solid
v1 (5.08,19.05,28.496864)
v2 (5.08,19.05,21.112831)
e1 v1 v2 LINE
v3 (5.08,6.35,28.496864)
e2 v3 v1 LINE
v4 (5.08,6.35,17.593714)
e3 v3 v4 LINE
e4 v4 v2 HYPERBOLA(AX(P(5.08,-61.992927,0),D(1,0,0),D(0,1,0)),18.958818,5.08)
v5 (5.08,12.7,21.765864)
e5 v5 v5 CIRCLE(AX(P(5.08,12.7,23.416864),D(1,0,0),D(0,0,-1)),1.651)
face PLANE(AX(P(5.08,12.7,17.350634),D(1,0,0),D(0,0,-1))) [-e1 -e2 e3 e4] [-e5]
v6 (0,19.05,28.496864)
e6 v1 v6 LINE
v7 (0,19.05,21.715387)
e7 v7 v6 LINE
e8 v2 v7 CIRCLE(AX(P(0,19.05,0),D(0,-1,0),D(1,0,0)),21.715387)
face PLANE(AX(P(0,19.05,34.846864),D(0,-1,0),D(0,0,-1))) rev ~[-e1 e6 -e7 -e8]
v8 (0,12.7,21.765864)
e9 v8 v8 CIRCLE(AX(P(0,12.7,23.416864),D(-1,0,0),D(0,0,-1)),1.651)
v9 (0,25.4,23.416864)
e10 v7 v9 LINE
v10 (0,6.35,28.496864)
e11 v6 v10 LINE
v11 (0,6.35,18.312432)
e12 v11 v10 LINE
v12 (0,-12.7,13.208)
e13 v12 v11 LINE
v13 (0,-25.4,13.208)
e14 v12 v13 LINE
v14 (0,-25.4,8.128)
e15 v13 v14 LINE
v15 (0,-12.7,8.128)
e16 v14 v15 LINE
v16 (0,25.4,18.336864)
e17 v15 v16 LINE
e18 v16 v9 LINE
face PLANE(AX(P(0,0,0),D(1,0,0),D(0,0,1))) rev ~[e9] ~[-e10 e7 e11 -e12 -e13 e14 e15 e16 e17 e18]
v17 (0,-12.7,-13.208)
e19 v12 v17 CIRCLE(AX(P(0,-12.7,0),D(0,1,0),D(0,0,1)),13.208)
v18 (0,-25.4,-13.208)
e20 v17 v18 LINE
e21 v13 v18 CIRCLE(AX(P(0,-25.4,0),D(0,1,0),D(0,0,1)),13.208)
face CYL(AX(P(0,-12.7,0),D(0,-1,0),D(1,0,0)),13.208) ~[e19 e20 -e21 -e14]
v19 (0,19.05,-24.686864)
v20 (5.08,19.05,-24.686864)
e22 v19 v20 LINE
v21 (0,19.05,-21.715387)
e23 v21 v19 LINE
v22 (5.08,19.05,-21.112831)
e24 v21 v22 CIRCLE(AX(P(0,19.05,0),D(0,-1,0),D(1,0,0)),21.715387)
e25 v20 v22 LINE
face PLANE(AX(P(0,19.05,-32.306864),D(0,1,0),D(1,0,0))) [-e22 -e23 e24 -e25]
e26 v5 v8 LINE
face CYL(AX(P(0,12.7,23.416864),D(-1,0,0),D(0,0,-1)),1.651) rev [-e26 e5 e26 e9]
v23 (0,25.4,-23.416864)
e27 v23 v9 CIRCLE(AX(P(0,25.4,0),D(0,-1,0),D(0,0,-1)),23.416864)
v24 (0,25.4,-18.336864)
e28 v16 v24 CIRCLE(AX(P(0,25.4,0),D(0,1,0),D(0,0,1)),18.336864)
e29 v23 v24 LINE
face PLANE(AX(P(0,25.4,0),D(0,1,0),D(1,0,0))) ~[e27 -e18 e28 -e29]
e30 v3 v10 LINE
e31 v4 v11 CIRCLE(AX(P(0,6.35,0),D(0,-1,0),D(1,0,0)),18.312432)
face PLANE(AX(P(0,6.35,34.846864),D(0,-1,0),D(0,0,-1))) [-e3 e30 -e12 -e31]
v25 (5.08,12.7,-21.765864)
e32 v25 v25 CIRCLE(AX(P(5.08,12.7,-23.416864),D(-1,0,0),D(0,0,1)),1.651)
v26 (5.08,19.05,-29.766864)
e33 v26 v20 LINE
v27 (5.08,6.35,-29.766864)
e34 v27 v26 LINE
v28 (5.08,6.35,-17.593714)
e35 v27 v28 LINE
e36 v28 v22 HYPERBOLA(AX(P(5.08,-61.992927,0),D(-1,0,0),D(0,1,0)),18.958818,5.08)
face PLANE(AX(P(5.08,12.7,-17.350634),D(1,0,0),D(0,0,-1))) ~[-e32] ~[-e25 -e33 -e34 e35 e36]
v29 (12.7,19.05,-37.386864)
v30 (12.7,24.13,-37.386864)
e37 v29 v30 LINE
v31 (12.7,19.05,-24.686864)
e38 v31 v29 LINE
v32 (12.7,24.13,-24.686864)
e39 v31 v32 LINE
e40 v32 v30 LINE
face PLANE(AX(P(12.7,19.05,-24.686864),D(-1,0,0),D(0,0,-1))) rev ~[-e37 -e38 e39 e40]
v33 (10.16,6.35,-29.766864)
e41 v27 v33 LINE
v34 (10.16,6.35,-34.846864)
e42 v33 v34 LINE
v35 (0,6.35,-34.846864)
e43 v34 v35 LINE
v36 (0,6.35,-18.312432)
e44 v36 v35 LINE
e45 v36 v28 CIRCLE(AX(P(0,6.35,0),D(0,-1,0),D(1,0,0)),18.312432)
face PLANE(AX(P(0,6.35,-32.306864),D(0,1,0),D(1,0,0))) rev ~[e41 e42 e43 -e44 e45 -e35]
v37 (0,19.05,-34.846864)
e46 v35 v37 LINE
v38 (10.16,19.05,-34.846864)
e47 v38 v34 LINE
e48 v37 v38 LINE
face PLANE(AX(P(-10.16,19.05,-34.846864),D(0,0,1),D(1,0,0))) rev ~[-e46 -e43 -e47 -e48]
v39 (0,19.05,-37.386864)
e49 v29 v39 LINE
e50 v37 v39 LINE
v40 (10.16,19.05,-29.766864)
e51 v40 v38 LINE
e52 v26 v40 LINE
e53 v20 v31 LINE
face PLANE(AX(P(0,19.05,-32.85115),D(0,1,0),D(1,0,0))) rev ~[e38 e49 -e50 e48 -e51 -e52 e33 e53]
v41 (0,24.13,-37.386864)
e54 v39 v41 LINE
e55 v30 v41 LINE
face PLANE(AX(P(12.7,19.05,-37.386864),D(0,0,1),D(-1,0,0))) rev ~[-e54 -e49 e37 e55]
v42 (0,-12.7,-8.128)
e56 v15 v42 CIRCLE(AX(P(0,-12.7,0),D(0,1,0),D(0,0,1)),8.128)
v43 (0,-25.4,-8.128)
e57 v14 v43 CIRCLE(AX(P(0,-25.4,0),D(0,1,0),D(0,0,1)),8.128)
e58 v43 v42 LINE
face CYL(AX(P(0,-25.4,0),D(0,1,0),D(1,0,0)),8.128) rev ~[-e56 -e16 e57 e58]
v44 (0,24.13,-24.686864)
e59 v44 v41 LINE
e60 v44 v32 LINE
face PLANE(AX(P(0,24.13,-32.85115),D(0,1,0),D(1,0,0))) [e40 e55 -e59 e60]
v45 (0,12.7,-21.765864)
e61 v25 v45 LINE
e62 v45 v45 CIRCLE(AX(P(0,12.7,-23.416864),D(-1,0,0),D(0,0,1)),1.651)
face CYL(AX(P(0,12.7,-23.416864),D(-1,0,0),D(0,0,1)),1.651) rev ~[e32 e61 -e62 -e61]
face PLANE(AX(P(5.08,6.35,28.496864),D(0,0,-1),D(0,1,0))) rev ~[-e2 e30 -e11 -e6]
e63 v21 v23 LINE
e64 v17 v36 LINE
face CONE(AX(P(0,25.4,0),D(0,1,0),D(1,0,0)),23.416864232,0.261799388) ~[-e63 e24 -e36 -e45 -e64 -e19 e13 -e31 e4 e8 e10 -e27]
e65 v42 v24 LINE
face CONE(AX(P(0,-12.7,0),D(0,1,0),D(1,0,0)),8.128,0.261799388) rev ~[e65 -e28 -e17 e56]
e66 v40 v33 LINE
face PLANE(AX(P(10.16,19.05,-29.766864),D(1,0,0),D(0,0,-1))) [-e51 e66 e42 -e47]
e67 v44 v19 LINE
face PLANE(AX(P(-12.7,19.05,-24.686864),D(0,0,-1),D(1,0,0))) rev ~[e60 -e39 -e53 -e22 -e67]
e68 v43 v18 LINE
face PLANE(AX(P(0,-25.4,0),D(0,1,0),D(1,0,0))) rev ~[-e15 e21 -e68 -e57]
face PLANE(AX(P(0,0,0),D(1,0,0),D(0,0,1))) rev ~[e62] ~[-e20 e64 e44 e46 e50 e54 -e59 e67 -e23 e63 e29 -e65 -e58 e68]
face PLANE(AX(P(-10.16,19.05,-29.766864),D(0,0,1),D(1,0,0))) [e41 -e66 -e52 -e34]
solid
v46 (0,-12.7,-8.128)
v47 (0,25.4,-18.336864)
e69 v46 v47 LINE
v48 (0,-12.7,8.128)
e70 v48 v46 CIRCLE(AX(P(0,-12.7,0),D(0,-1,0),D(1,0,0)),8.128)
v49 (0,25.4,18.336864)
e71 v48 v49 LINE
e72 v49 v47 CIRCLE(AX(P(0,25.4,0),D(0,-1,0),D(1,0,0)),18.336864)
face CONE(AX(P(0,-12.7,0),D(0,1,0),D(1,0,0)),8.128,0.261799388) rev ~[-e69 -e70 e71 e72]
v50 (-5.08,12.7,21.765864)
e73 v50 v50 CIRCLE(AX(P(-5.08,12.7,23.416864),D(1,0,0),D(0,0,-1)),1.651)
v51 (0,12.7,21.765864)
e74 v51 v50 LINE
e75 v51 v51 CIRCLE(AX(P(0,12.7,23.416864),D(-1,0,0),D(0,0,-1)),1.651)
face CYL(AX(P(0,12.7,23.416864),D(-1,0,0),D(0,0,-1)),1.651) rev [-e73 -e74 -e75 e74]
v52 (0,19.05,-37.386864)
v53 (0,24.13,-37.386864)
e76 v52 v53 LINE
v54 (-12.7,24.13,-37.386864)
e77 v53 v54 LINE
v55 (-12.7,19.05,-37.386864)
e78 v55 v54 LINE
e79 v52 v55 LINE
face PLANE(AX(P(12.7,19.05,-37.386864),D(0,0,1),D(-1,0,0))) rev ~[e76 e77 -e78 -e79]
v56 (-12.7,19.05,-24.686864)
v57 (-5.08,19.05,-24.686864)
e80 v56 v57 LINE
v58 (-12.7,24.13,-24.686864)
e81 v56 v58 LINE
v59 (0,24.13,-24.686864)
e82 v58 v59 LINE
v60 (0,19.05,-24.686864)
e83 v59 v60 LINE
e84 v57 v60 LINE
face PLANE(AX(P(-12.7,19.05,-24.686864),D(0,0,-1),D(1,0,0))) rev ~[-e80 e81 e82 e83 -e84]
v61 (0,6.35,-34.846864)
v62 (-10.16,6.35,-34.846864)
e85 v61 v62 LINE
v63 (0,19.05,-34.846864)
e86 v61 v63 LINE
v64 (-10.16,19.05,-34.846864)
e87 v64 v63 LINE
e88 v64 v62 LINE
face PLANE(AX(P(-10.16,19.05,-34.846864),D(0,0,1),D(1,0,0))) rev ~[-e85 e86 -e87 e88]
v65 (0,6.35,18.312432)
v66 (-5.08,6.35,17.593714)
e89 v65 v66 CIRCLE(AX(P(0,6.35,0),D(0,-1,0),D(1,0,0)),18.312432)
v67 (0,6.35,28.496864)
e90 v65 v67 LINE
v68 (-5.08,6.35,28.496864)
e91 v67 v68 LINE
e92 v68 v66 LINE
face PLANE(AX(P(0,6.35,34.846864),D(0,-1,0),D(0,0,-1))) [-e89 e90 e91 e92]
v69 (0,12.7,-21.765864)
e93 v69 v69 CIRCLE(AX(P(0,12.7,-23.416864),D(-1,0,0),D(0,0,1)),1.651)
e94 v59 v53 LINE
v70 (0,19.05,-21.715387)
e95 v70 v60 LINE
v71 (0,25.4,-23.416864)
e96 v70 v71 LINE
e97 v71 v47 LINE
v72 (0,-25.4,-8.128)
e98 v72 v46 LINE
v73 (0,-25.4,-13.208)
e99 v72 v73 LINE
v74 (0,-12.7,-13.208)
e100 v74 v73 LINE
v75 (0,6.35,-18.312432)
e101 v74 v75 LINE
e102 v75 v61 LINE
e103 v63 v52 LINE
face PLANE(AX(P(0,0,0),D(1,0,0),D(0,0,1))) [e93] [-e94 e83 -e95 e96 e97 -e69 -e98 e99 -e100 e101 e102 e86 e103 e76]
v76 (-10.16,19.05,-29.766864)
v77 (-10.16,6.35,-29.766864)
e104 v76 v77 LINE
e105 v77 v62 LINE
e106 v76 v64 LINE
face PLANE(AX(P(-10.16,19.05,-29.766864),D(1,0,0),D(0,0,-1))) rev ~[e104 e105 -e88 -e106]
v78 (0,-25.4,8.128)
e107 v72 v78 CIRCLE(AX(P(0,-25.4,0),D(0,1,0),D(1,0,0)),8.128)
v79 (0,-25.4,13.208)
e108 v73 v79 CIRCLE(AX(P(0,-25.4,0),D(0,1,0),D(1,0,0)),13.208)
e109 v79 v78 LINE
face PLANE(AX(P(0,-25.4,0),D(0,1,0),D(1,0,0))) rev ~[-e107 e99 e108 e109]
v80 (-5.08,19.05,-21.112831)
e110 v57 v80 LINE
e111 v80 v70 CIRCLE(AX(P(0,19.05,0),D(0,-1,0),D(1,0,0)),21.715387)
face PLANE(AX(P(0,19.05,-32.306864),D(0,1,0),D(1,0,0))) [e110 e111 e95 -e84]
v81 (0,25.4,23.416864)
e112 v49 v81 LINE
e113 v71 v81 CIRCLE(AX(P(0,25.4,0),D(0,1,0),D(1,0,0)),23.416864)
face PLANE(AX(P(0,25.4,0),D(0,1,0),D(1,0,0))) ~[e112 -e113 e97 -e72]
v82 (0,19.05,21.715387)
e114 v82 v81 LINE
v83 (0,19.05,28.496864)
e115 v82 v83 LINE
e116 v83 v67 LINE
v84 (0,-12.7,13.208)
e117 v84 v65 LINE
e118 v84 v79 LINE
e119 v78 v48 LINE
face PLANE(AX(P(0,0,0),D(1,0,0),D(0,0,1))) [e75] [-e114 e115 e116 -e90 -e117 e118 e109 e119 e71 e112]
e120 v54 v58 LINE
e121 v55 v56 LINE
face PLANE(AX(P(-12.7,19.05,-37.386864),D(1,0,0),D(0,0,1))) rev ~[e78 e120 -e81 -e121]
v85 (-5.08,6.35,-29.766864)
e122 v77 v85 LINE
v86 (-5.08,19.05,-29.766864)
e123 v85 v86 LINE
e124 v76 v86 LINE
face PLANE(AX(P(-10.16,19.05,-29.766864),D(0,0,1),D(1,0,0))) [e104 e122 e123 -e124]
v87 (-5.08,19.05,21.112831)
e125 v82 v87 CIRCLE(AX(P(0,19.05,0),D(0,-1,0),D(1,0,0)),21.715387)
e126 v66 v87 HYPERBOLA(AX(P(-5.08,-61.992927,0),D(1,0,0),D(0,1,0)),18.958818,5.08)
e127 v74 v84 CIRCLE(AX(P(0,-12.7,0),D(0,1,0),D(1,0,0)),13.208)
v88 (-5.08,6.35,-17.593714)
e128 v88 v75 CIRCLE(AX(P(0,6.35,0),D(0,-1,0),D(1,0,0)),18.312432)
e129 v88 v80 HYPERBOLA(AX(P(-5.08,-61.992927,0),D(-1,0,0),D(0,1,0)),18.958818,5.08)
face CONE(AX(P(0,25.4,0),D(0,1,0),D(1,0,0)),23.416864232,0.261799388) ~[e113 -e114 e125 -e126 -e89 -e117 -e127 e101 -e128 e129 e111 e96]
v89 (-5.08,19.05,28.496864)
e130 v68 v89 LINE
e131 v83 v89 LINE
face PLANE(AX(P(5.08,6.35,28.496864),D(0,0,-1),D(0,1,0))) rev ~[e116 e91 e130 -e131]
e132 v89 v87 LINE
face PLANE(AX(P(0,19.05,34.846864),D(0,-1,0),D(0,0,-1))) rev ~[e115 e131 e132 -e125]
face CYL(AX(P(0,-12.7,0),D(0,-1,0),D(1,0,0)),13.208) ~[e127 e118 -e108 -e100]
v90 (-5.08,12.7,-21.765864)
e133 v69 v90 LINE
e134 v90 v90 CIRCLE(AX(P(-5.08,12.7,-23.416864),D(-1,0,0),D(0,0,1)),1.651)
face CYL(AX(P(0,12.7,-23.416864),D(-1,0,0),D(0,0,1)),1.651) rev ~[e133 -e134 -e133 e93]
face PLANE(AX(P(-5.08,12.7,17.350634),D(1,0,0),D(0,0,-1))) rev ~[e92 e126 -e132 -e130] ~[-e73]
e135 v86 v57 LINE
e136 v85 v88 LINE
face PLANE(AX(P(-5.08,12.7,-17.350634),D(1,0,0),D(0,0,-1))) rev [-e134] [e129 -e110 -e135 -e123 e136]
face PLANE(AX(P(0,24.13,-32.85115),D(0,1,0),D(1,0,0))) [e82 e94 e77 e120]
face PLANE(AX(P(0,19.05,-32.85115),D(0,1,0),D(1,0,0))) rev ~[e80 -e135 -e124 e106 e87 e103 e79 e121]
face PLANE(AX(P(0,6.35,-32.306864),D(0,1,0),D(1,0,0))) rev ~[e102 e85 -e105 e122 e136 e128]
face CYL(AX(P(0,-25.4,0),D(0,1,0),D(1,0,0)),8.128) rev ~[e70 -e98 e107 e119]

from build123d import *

# Parameters (mm, degrees)
SKETCH13_W          = 34.9924598
SKETCH13_H          = 12.7
SKETCH13_R          = 1.651
BOSS_EXTRUDE1_DEPTH = 5.08
SKETCH14_W          = 20.32
SKETCH14_H          = 5.08
BOSS_EXTRUDE2_DEPTH = 12.7
SKETCH15_W          = 25.4
SKETCH15_H          = 2.54
BOSS_EXTRUDE3_DEPTH = 5.08
SKETCH16_W          = 6.35
SKETCH16_H          = 12.7
CUT_EXTRUDE6_DEPTH  = 29.496864232


with BuildPart() as part:
    # Sketch1 → Revolve1 (revolve)
    with BuildSketch(Plane.XY):
        Polygon((8.128, -12.7), (18.336864232, 25.4), (23.416864232, 25.4), (13.208, -12.7), (13.208, -25.4), (8.128, -25.4), align=None)
    revolve(axis=Axis((0, 0, 0), (0, 1, 0)))

    # Sketch13 → Boss-Extrude1 (add, symmetric)
    with BuildSketch(Plane(origin=(0, 0, 0), x_dir=(0, 0, -1), z_dir=(1, 0, 0))):
        with Locations((-17.350634332, 12.7)):
            Rectangle(SKETCH13_W, SKETCH13_H)
        with Locations((-23.416864232, 12.7)):
            Circle(SKETCH13_R, mode=Mode.SUBTRACT)
    boss_extrude1 = extrude(amount=BOSS_EXTRUDE1_DEPTH, both=True)

    # Mirror1: Boss-Extrude1 across plane
    add(boss_extrude1.mirror(Plane.XY))

    # Sketch14 → Boss-Extrude2 (add)
    with BuildSketch(Plane(origin=(0, 19.05, 0), x_dir=(1, 0, 0), z_dir=(0, 1, 0))):
        with Locations((0, 32.306864232)):
            Rectangle(SKETCH14_W, SKETCH14_H)
    extrude(amount=-BOSS_EXTRUDE2_DEPTH)

    # Sketch15 → Boss-Extrude3 (add)
    with BuildSketch(Plane(origin=(0, 19.05, 0), x_dir=(1, 0, 0), z_dir=(0, 1, 0))):
        Polygon((5.08, 27.226864232), (7.62, 27.226864232), (12.7, 27.226864232), (12.7, 37.386864232), (-12.7, 37.386864232), (-12.7, 27.226864232), (-7.62, 27.226864232), (-5.08, 27.226864232), (-5.08, 29.766864232), (-10.16, 29.766864232), (-10.16, 34.846864232), (10.16, 34.846864232), (10.16, 29.766864232), (5.08, 29.766864232), align=None)
        Polygon((-5.08, 27.226864232), (5.08, 27.226864232), (5.08, 29.766864232), (10.16, 29.766864232), (10.16, 34.846864232), (-10.16, 34.846864232), (-10.16, 29.766864232), (-5.08, 29.766864232), align=None)
        with Locations((0, 25.956864232)):
            Rectangle(SKETCH15_W, SKETCH15_H)
    extrude(amount=BOSS_EXTRUDE3_DEPTH)

    # Sketch16 → Cut-Extrude6 (cut, through all)
    with BuildSketch(Plane(origin=(5.08, 0, 0), x_dir=(0, 0, -1), z_dir=(1, 0, 0))):
        with Locations((-31.671864232, 12.7)):
            Rectangle(SKETCH16_W, SKETCH16_H)
    extrude(amount=-CUT_EXTRUDE6_DEPTH, mode=Mode.SUBTRACT)

    # Sketch17 → Cut-Revolve1 (revolve, cut)
    with BuildSketch(Plane(origin=(0, 0, 0), x_dir=(0, 0, -1), z_dir=(1, 0, 0))):
        Polygon((-18.336864232, 25.4), (0, 25.4), (0, -12.7), (-8.128, -12.7), align=None)
    revolve(axis=Axis((0, 25.4, 0), (0, 1, 0)), mode=Mode.SUBTRACT)


with BuildPart() as body_2:
    # Split1: the piece on the far side of the plane
    add(part.part)
    split(bisect_by=Plane(origin=(0, 0, 0), x_dir=(0, 0, 1), z_dir=(1, 0, 0)), keep=Keep.BOTTOM)


with BuildPart() as part_1:
    add(part.part)

    # Split1
    split(bisect_by=Plane(origin=(0, 0, 0), x_dir=(0, 0, 1), z_dir=(1, 0, 0)), keep=Keep.TOP)


solid = Compound([body_2.part, part_1.part])
